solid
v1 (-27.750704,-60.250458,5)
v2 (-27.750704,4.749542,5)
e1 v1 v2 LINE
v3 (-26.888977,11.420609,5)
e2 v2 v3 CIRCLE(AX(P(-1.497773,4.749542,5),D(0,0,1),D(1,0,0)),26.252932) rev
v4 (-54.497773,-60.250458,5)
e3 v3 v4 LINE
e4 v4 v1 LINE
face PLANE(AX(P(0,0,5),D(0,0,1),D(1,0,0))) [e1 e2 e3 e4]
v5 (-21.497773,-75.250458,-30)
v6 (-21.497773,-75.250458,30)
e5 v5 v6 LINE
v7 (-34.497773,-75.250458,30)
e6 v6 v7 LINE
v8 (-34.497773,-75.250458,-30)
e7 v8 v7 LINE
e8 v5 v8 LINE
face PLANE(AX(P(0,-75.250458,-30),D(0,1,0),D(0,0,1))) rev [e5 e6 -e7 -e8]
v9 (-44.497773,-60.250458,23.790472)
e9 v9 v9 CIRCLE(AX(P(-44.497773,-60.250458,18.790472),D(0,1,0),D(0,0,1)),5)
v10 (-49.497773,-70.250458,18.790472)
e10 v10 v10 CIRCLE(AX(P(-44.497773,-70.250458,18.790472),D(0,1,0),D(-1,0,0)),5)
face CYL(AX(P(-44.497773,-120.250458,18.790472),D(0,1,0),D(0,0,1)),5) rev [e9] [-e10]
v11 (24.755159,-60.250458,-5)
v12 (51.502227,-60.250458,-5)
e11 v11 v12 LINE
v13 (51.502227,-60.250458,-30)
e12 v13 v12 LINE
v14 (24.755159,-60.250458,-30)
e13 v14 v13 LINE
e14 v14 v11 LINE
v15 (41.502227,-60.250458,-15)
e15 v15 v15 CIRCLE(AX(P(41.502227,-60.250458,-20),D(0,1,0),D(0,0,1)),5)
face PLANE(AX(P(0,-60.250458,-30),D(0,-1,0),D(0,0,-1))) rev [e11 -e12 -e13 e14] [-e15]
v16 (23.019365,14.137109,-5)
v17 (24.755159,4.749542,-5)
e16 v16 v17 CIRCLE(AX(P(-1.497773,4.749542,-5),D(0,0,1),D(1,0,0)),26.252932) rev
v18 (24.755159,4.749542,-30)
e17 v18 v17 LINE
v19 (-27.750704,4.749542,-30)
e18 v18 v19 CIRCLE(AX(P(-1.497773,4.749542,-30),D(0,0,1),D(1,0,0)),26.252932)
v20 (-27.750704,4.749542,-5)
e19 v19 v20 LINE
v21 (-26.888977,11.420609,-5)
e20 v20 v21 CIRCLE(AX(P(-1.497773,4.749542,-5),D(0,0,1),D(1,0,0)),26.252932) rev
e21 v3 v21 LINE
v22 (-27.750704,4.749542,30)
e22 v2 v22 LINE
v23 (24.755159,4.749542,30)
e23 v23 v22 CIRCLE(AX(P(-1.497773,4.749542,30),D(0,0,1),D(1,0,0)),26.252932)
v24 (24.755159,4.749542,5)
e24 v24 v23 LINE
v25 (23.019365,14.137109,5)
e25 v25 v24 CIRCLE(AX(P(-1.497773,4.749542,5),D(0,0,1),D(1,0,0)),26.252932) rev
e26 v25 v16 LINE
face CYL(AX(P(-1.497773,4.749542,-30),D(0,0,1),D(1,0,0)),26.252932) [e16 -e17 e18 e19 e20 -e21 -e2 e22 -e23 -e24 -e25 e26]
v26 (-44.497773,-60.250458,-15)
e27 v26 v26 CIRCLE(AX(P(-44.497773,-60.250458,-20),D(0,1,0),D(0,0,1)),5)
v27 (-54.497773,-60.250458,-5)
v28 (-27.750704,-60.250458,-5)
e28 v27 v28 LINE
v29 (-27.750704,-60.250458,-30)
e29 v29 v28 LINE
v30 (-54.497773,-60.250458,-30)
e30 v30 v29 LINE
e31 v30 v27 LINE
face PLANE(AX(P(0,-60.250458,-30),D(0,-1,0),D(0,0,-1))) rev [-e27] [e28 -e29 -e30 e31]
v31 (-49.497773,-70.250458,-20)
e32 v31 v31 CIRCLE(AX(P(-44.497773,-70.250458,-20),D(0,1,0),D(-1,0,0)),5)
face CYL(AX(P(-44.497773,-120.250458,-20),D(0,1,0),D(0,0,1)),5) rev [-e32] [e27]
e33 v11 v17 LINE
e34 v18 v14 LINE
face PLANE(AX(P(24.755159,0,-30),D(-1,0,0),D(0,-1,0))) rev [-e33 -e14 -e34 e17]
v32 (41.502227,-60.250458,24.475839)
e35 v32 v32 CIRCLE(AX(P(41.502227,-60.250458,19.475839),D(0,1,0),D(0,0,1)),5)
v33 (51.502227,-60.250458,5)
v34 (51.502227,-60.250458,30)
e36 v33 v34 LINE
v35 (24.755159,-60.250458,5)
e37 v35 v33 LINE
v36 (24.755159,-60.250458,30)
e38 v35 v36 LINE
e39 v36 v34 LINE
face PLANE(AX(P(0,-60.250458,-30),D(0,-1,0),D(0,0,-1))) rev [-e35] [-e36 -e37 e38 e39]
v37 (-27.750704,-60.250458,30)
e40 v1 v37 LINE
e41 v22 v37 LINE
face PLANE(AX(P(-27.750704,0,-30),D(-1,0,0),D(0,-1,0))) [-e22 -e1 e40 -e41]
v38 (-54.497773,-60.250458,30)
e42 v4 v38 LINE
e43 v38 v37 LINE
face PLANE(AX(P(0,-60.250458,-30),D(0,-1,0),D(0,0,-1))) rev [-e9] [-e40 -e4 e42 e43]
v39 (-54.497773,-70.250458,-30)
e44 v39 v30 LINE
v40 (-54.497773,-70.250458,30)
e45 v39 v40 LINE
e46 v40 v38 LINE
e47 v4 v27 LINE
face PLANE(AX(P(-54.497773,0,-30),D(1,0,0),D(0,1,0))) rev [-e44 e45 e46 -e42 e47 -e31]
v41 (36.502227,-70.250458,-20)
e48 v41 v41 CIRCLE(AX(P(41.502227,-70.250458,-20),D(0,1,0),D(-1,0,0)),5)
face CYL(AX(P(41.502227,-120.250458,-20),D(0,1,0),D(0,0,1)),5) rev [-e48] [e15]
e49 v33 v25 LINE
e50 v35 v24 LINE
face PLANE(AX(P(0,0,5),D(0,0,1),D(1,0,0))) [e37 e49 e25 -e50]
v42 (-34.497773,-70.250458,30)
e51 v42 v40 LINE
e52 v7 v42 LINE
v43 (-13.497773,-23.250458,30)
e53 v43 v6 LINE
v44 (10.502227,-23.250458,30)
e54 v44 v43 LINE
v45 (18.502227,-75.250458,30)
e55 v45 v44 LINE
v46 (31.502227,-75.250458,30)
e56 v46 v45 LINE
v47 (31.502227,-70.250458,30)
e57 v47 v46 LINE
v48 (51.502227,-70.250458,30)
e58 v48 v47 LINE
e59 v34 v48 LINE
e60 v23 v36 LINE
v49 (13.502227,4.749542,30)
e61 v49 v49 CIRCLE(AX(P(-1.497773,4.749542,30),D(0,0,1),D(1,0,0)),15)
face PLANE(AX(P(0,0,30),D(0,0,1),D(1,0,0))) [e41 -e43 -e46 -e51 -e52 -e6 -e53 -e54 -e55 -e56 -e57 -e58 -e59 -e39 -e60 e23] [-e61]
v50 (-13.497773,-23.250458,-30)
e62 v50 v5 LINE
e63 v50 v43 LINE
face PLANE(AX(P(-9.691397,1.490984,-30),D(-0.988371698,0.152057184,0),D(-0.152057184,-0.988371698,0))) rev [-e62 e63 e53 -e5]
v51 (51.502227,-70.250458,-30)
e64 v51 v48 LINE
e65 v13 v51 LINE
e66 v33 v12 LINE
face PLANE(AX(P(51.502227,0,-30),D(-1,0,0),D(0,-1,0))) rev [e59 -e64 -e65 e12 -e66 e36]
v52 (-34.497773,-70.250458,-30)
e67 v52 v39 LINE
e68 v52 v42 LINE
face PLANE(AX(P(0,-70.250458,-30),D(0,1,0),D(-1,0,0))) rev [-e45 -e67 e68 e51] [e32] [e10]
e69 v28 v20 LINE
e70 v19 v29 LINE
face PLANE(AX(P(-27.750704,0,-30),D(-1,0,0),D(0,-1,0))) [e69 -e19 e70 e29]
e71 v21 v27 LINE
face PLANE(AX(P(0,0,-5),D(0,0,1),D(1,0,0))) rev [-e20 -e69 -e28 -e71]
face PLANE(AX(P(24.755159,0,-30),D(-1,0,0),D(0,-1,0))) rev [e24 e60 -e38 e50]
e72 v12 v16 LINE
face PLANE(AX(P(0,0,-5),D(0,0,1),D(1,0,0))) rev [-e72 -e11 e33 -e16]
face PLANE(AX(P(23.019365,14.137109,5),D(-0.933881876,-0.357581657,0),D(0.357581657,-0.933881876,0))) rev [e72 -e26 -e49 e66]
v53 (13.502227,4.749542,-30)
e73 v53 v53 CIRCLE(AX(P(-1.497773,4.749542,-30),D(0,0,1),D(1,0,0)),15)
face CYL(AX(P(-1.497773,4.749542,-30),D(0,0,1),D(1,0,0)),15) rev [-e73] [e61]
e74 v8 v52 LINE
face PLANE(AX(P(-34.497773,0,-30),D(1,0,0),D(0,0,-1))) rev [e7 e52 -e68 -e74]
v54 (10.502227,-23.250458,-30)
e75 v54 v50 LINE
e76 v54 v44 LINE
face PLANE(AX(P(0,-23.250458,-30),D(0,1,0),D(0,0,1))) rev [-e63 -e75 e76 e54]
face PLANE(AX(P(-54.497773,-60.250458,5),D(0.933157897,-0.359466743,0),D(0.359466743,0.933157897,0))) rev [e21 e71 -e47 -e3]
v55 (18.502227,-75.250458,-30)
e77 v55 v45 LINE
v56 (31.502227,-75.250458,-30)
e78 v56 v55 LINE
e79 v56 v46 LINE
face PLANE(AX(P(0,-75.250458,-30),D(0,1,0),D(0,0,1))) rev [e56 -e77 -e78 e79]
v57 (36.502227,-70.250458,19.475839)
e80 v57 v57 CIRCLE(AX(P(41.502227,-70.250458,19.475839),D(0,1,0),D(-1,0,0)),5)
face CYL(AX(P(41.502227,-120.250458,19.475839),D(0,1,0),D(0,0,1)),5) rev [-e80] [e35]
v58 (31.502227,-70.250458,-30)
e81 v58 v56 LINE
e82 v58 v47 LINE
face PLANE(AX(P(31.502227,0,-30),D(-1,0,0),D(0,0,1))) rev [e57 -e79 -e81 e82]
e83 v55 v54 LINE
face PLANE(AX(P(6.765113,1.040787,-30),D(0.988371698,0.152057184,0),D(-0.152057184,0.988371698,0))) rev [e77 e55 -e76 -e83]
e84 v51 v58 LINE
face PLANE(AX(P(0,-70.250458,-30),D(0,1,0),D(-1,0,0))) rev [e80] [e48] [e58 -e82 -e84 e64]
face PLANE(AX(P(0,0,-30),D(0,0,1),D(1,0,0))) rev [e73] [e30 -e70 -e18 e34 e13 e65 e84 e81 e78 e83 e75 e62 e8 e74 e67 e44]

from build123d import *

# Parameters (mm, degrees)
BOSS_EXTRUDE1_DEPTH = 60
SKETCH3_R           = 15
CUT_EXTRUDE1_DEPTH  = 60
SKETCH4_R           = 5
CUT_EXTRUDE2_DEPTH  = 60
BOSS_EXTRUDE2_DEPTH = 5
BOSS_EXTRUDE3_DEPTH = 5


with BuildPart() as part:
    # Sketch2 → Boss-Extrude1 (new body)
    with BuildSketch(Plane.XY):
        with BuildLine():
            ThreePointArc((-1.497772579, 31.002473484), (-20.061398623, 23.31316781), (-27.750704297, 4.749541766))
            Line((-27.750704297, 4.749541766), (-1.497772579, 4.749541766))
            Line((-1.497772579, 4.749541766), (-1.497772579, 31.002473484))
        make_face()
        with BuildLine():
            Line((-1.497772579, 4.749541766), (-27.750704297, 4.749541766))
            ThreePointArc((-27.750704297, 4.749541766), (-20.061398623, -13.814084278), (-1.497772579, -21.503389952))
            Line((-1.497772579, -21.503389952), (-1.497772579, 4.749541766))
        make_face()
        with BuildLine():
            Line((24.75515914, 4.749541766), (-1.497772579, 4.749541766))
            Line((-1.497772579, 4.749541766), (-1.497772579, -21.503389952))
            ThreePointArc((-1.497772579, -21.503389952), (17.065853465, -13.814084278), (24.75515914, 4.749541766))
        make_face()
        with BuildLine():
            Line((-1.497772579, 31.002473484), (-1.497772579, 4.749541766))
            Line((-1.497772579, 4.749541766), (24.75515914, 4.749541766))
            ThreePointArc((24.75515914, 4.749541766), (17.065853465, 23.31316781), (-1.497772579, 31.002473484))
        make_face()
        with BuildLine():
            ThreePointArc((-1.497772579, -21.503389952), (-20.061398623, -13.814084278), (-27.750704297, 4.749541766))
            Line((-27.750704297, 4.749541766), (-27.750704297, -60.250458234))
            Line((-27.750704297, -60.250458234), (-54.497772579, -60.250458234))
            Line((-54.497772579, -60.250458234), (-54.497772579, -70.250458234))
            Line((-54.497772579, -70.250458234), (-34.497772579, -70.250458234))
            Line((-34.497772579, -70.250458234), (-34.497772579, -75.250458234))
            Line((-34.497772579, -75.250458234), (-21.497772579, -75.250458234))
            Line((-21.497772579, -75.250458234), (-13.497772579, -23.250458234))
            Line((-13.497772579, -23.250458234), (10.502227421, -23.250458234))
            Line((10.502227421, -23.250458234), (18.502227421, -75.250458234))
            Line((18.502227421, -75.250458234), (31.502227421, -75.250458234))
            Line((31.502227421, -75.250458234), (31.502227421, -70.250458234))
            Line((31.502227421, -70.250458234), (51.502227421, -70.250458234))
            Line((51.502227421, -70.250458234), (51.502227421, -60.250458234))
            Line((51.502227421, -60.250458234), (24.75515914, -60.250458234))
            Line((24.75515914, -60.250458234), (24.75515914, 4.749541766))
            ThreePointArc((24.75515914, 4.749541766), (17.065853465, -13.814084278), (-1.497772579, -21.503389952))
        make_face()
    extrude(amount=-BOSS_EXTRUDE1_DEPTH)

    # Sketch3 → Cut-Extrude1 (cut)
    with BuildSketch(Plane.XY):
        with Locations((-1.497772579, 4.749541766)):
            Circle(SKETCH3_R)
    extrude(amount=-CUT_EXTRUDE1_DEPTH, mode=Mode.SUBTRACT)

    # Sketch4 → Cut-Extrude2 (cut)
    with BuildSketch(Plane(origin=(0, -60.250458234, 0), x_dir=(1, 0, 0), z_dir=(0, 1, 0))):
        with Locations(Location((41.502227421, 10.524161434, 0), (0, 0, 270))):
            Circle(SKETCH4_R)
        with Locations(Location((41.502227421, 50, 0), (0, 0, 270))):
            Circle(SKETCH4_R)
        with Locations(Location((-44.497772579, 50, 0), (0, 0, 270))):
            Circle(SKETCH4_R)
        with Locations(Location((-44.497772579, 11.209528187, 0), (0, 0, 270))):
            Circle(SKETCH4_R)
    extrude(amount=-CUT_EXTRUDE2_DEPTH, mode=Mode.SUBTRACT)


with BuildPart() as part_1:
    # Body-Move/Copy1: moved
    add(part.part.moved(Location((0, 0, 30))))

    # Sketch5 → Boss-Extrude2 (add, symmetric)
    with BuildSketch(Plane.XY):
        Polygon((23.019364547, 14.137108595), (51.502227421, -60.250458234), (24.75515914, -60.250458234), (23.019364547, -60.250458234), align=None)
    extrude(amount=BOSS_EXTRUDE2_DEPTH, both=True)

    # Sketch7 → Boss-Extrude3 (add, symmetric)
    with BuildSketch(Plane.XY):
        Polygon((-54.497772579, -60.250458234), (-26.888977339, 11.420609494), (-26.888977339, -60.250458234), align=None)
    extrude(amount=BOSS_EXTRUDE3_DEPTH, both=True)


solid = part_1.part
